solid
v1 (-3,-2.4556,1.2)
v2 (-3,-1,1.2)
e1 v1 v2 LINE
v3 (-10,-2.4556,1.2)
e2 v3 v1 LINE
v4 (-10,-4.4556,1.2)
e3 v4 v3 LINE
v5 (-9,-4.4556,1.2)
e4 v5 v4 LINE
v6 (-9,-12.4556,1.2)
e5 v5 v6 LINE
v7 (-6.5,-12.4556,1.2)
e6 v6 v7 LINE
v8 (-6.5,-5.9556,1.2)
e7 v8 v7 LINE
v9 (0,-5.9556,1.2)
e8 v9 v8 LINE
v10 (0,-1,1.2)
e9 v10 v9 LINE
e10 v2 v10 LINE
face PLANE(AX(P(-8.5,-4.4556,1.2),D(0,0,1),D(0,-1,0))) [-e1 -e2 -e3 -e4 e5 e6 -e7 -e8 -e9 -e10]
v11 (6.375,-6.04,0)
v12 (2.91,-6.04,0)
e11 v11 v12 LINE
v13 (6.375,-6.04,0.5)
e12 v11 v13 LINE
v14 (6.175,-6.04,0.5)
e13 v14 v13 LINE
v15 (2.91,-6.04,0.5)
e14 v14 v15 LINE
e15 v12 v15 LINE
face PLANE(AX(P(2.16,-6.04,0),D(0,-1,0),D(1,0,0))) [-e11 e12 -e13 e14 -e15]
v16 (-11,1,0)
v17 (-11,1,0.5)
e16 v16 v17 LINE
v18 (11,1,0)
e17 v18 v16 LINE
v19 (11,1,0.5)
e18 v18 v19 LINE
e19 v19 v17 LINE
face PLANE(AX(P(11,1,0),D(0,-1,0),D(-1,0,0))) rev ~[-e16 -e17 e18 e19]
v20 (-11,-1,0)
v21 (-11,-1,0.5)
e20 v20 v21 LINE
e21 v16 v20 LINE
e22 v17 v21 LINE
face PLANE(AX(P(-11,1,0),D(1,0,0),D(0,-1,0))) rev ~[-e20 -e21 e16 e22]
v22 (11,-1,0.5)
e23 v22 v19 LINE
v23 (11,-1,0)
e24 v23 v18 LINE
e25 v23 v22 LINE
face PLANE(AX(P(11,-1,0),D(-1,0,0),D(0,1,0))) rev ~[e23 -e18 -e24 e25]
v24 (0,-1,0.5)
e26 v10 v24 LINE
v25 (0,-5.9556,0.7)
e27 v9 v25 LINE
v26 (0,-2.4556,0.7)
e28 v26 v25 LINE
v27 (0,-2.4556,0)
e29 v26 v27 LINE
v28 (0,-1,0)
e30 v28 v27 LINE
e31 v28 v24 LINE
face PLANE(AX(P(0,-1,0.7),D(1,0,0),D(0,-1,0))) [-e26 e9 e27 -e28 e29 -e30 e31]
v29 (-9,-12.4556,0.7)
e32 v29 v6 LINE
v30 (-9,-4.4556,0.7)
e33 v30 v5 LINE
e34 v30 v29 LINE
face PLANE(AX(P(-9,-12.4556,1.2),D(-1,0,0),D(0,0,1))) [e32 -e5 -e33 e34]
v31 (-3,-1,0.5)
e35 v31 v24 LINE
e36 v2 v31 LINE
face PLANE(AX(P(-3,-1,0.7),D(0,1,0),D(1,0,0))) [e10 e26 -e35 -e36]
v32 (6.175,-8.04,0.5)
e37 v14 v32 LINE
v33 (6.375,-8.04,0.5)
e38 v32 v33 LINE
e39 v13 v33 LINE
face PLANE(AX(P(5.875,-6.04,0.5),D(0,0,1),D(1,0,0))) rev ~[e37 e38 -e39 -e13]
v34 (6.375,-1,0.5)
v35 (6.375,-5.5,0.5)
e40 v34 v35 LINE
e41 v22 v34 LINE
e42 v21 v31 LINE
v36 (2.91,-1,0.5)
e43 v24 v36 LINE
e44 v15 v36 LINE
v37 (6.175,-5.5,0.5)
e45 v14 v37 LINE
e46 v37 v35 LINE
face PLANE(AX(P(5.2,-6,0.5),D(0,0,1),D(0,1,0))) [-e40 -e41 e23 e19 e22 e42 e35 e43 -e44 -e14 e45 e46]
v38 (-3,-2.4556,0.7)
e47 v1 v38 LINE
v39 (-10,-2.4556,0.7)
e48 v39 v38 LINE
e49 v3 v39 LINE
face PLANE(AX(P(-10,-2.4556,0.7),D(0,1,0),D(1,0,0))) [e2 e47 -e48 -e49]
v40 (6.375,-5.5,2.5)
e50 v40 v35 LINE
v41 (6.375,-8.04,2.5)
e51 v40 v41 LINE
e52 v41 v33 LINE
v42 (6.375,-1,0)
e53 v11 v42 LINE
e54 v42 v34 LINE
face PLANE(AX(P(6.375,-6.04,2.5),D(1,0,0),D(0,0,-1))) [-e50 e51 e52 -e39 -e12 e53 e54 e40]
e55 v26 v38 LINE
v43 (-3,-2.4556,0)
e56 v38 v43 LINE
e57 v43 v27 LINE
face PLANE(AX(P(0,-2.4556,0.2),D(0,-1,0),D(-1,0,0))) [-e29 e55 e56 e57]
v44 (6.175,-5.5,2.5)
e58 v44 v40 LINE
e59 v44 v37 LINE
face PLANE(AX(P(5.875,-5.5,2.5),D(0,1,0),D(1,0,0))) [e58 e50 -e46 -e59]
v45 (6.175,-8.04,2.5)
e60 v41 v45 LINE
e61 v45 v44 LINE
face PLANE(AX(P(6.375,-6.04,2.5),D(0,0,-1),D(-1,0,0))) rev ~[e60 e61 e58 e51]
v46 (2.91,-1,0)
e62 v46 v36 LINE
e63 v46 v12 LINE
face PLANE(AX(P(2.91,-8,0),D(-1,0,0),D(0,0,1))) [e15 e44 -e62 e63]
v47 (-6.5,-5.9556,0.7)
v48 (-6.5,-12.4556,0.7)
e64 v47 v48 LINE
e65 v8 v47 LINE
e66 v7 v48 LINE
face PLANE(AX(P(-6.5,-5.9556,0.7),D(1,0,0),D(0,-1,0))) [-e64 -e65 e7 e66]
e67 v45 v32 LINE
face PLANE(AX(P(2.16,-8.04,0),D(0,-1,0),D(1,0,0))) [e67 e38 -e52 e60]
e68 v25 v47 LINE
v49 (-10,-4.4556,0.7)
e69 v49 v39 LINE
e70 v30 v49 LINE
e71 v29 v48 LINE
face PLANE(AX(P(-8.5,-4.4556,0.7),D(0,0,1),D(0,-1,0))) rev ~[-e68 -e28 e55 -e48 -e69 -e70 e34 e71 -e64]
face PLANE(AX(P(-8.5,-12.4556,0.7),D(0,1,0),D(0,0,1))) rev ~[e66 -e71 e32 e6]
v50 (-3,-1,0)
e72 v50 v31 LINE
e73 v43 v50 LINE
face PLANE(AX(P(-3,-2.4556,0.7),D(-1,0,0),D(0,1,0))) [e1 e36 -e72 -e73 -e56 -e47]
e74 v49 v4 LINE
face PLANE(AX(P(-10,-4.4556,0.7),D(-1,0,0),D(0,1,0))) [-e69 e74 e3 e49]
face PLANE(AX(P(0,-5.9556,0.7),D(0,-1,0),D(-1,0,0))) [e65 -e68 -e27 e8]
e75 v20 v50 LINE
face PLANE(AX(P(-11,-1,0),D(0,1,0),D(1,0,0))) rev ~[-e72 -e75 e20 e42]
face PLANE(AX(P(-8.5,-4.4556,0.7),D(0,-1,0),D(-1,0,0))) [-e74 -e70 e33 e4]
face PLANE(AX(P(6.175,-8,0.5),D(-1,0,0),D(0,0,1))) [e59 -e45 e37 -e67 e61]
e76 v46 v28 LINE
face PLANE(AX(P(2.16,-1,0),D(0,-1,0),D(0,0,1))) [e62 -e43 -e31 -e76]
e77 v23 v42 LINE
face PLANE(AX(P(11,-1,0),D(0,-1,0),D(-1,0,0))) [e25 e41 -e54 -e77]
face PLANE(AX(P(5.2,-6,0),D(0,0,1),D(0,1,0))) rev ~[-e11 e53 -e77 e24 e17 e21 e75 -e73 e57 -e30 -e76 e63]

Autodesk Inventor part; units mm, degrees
ref_plane "YZ Plane" through (0, 0, 0) normal (1, 0, 0) x (0, 1, 0)
ref_plane "XZ Plane" through (0, 0, 0) normal (0, 1, 0) x (-1, 0, 0)
ref_plane "XY Plane" through (0, 0, 0) normal (0, 0, 1) x (1, 0, 0)
sketch "Sketch1" plane through (0, 0, 0) normal (0, 0, 1) x (1, 0, 0)
  line L0 (11, -1) -> (11, 1)
  line L1 (11, 1) -> (-11, 1)
  line L2 (-11, 1) -> (-11, -1)
  line L3 (-11, -1) -> (11, 1) construction
  line L4 (11, -1) -> (-11, 1) construction
  line L5 (11, -1) -> (5.2, -1)
  line L6 (5.2, -1) -> (5.2, -8)
  line L7 (5.2, -8) -> (2.2, -8)
  line L8 (2.2, -8) -> (2.2, -1)
  line L9 (2.2, -1) -> (0, -1)
  line L10 (-10, -2.4556) -> (-3, -2.4556)
  line L11 (-3, -2.4556) -> (-3, -1)
  line L12 (-11, -1) -> (-3, -1)
  line L13 (0, -1) -> (2.2, -1)
  line L14 (5.2, -1) -> (11, -1)
  line L15 (-10, -2.4556) -> (-10, -4.4556)
  line L16 (-10, -4.4556) -> (-8.5, -4.4556)
  line L17 (-8.5, -4.4556) -> (-8.5, -12.4556)
  line L18 (-8.5, -12.4556) -> (-6.5, -12.4556)
  line L19 (-6.5, -12.4556) -> (-6.5, -4.4556)
  line L20 (-6.5, -4.4556) -> (0, -4.4556)
  line L21 (0, -1) -> (0, -4.4556)
  line L22 (5.2, -8) -> (5.7, -8)
  line L23 (5.7, -8) -> (5.7, -6)
  line L24 (5.7, -6) -> (5.2, -6)
  line L25 (5.2, -6) -> (5.2, -8)
  point P0 (0, 0)
  dimension "d0" = 22
  dimension "d1" = 2
  dimension "d2" = 5.8
  dimension "d3" = 7
  dimension "d4" = 3
  dimension "d5" = 2.2
  dimension "d8" = 7
  dimension "d9" = 2
  dimension "d11" = 8
  dimension "d12" = 2
  dimension "d13" = 0.5
  dimension "d14" = 2
extrude "Extrusion1" add sketch "Sketch1" along normal blind 0.5 contours L5 L6 L7 L8 L9 L21 L20 L19 L18 L17 L16 L15 L10 L11 L12 L2 L1 L0
sketch "Sketch2" plane through (0, 0, 0.5) normal (0, 0, 1) x (1, 0, 0)
  line L0 (5.2, -8) -> (5.2, -1) projected
  line L1 (5.2, -8) -> (5.7, -8)
  line L2 (5.7, -8) -> (5.7, -6)
  line L3 (5.7, -6) -> (5.2, -6)
  line L4 (5.2, -6) -> (5.2, -8)
  point P0 (0, 0)
  point P1 (5.2, -6)
  dimension "d17" = 0.5
  dimension "d18" = 2
extrude "Extrusion2" add sketch "Sketch2" along normal blind 2
sketch "Sketch3" plane through (0, 0, 0.5) normal (0, 0, -1) x (-1, 0, 0)
  line L0 (-5.7, -6) -> (-5.2, -6) projected
  line L1 (-5.7, -8) -> (-5.7, -6) projected
  line L2 (-5.2, -8) -> (-5.7, -8) projected
  line L3 (-5.2, -8) -> (-5.2, -6) projected
  point P0 (0, 0)
extrude "Extrusion3" add sketch "Sketch3" along normal blind 0.5
sketch "Sketch4" plane through (0, 0, 0.5) normal (0, 0, 1) x (1, 0, 0)
  line L0 (11, 1) -> (-11, 1) projected
  line L1 (-11, 1) -> (-11, -1) projected
  line L2 (-11, -1) -> (-3, -1) projected
  line L3 (-3, -1) -> (-3, -2.4556) projected
  line L4 (-3, -2.4556) -> (-10, -2.4556) projected
  line L5 (-10, -2.4556) -> (-10, -4.4556) projected
  line L6 (-10, -4.4556) -> (-8.5, -4.4556) projected
  line L7 (-8.5, -4.4556) -> (-8.5, -12.4556) projected
  line L8 (-8.5, -12.4556) -> (-6.5, -12.4556) projected
  line L9 (-6.5, -12.4556) -> (-6.5, -4.4556) projected
  line L10 (-6.5, -4.4556) -> (0, -4.4556) projected
  line L11 (0, -4.4556) -> (0, -1) projected
  line L12 (0, -1) -> (2.2, -1) projected
  line L13 (2.2, -1) -> (2.2, -8) projected
  line L14 (2.2, -8) -> (5.2, -8) projected
  line L15 (5.2, -8) -> (5.2, -6) projected
  line L16 (5.2, -6) -> (5.2, -1) projected
  line L17 (5.2, -1) -> (11, -1) projected
  line L18 (11, -1) -> (11, 1) projected
  line L19 (-3, -1) -> (-3, -2.4556) projected
  line L20 (0, -1) -> (2.2, -1) projected
  line L21 (-3, -1) -> (0, -1)
  point P0 (0, 0)
extrude "Extrusion4" add sketch "Sketch4" along normal blind 0.7 contours L21 L11 L10 L9 L8 L7 L6 L5 L4 L3
sketch "Sketch5" plane through (0, 0, 0) normal (0, 0, -1) x (-1, 0, 0)
  line L0 (-11, 1) -> (11, 1) projected
  line L1 (-11, -1) -> (-11, 1) projected
  line L2 (-5.2, -1) -> (-11, -1) projected
  line L3 (-5.2, -6) -> (-5.2, -1) projected
  line L4 (-5.2, -6) -> (-5.7, -6) projected
  line L5 (-5.7, -6) -> (-5.7, -8) projected
  line L6 (-2.2, -8) -> (-5.7, -8) projected
  line L7 (-2.2, -1) -> (-2.2, -8) projected
  line L8 (0, -1) -> (-2.2, -1) projected
  line L9 (0, -4.4556) -> (0, -1) projected
  line L10 (6.5, -4.4556) -> (0, -4.4556) projected
  line L11 (6.5, -12.4556) -> (6.5, -4.4556) projected
  line L12 (8.5, -12.4556) -> (6.5, -12.4556) projected
  line L13 (8.5, -4.4556) -> (8.5, -12.4556) projected
  line L14 (10, -4.4556) -> (8.5, -4.4556) projected
  line L15 (10, -2.4556) -> (10, -4.4556) projected
  line L16 (3, -2.4556) -> (10, -2.4556) projected
  line L17 (3, -1) -> (3, -2.4556) projected
  line L18 (11, -1) -> (3, -1) projected
  line L19 (11, 1) -> (11, -1) projected
  line L20 (3, -2.4556) -> (0, -2.4556)
  line L21 (0, -4.4556) -> (0, -1) projected
  point P0 (0, 0)
extrude "Extrusion5" cut sketch "Sketch5" against normal blind 0.5 contours L16 L15 L14 L13 L12 L11 L10 L9 L20
sketch "Sketch6" plane through (-6.5, -4.4556, 1.2) normal (0, -1, 0) x (1, 0, 0)
  line L0 (6.5, -0.7) -> (6.5, 0) projected
  line L1 (0, 0) -> (6.5, 0) projected
  line L2 (6.5, -0.7) -> (0, -0.7)
  line L3 (0, -0.7) -> (0, 0)
  line L4 (0, 0) -> (6.5, 0)
  line L5 (6.5, 0) -> (6.5, -0.7)
  point P0 (6.5, -1.2)
extrude "Extrusion6" add sketch "Sketch6" along normal blind 1.5
sketch "Sketch7" plane through (5.7, -8, 2.5) normal (1, 0, 0) x (0, 0, -1)
  line L0 (0, 2) -> (2.5, 2) projected
  line L1 (0, 0) -> (0, 2) projected
  line L2 (2.5, 0) -> (0, 0) projected
  line L3 (2.5, 2) -> (2.5, 0) projected
  point P0 (2.5, 8)
extrude "Extrusion7" add sketch "Sketch7" along normal blind 0.5
sketch "Sketch8" plane through (5.2, -8, 0.5) normal (-1, 0, 0) x (0, 0, 1)
  line L0 (0, 0) -> (0, 2) projected
  line L1 (0, 0) -> (2, 0) projected
  line L2 (2, 2) -> (2, 0) projected
  line L3 (0, 2) -> (2, 2) projected
  point P0 (-0.5, 8)
extrude "Extrusion8" cut sketch "Sketch8" against normal blind 0.5
sketch "Sketch9" plane through (0, 0, 1.2) normal (0, 0, 1) x (1, 0, 0)
  line L0 (-10, -2.4556) -> (-10, -4.4556) projected
  line L1 (-10, -4.4556) -> (-8.5, -4.4556) projected
  line L2 (-8.5, -4.4556) -> (-8.5, -12.4556) projected
  line L3 (-8.5, -12.4556) -> (-6.5, -12.4556) projected
  line L4 (-6.5, -12.4556) -> (-6.5, -5.9556) projected
  line L5 (0, -5.9556) -> (-6.5, -5.9556) projected
  line L6 (0, -1) -> (0, -5.9556) projected
  line L7 (0, -1) -> (-3, -1) projected
  line L8 (-3, -1) -> (-3, -2.4556) projected
  line L9 (-3, -2.4556) -> (-10, -2.4556) projected
  point P0 (0, 0)
extrude "Extrusion9" cut sketch "Sketch9" against normal blind 0.2
sketch "Sketch10" plane through (0, 0, 0.5) normal (0, 0, -1) x (-1, 0, 0)
  line L0 (6.5, -12.4556) -> (6.5, -5.9556) projected
  line L1 (8.5, -12.4556) -> (6.5, -12.4556) projected
  line L2 (8.5, -4.4556) -> (8.5, -12.4556) projected
  line L3 (10, -4.4556) -> (8.5, -4.4556) projected
  line L4 (10, -2.4556) -> (10, -4.4556) projected
  line L5 (3, -2.4556) -> (10, -2.4556) projected
  line L6 (0, -2.4556) -> (3, -2.4556) projected
  line L7 (0, -5.9556) -> (0, -2.4556) projected
  line L8 (6.5, -5.9556) -> (0, -5.9556) projected
  point P0 (0, 0)
extrude "Extrusion10" add sketch "Sketch10" along normal blind 0.3
sketch "Sketch11" plane through (0, 0, 1) normal (0, 0, 1) x (1, 0, 0)
  line L0 (-3, -2.4556) -> (-3, -1) projected
  line L1 (-10, -2.4556) -> (-3, -2.4556) projected
  line L2 (-10, -4.4556) -> (-10, -2.4556) projected
  line L3 (-8.5, -4.4556) -> (-10, -4.4556) projected
  line L4 (-8.5, -12.4556) -> (-8.5, -4.4556) projected
  line L5 (-6.5, -12.4556) -> (-8.5, -12.4556) projected
  line L6 (-6.5, -5.9556) -> (-6.5, -12.4556) projected
  line L7 (0, -5.9556) -> (-6.5, -5.9556) projected
  line L8 (0, -1) -> (0, -5.9556) projected
  line L9 (-3, -1) -> (0, -1) projected
  point P0 (0, 0)
extrude "Extrusion11" cut sketch "Sketch11" against normal blind 0.3
sketch "Sketch12" plane through (0, 0, 0.7) normal (0, 0, 1) x (1, 0, 0)
  line L0 (-10, -4.4556) -> (-10, -2.4556) projected
  line L1 (-8.5, -4.4556) -> (-10, -4.4556) projected
  line L2 (-8.5, -12.4556) -> (-8.5, -4.4556) projected
  line L3 (-6.5, -12.4556) -> (-8.5, -12.4556) projected
  line L4 (-6.5, -5.9556) -> (-6.5, -12.4556) projected
  line L5 (0, -5.9556) -> (-6.5, -5.9556) projected
  line L6 (0, -1) -> (0, -5.9556) projected
  line L7 (-3, -1) -> (0, -1) projected
  line L8 (-3, -2.4556) -> (-3, -1) projected
  line L9 (-10, -2.4556) -> (-3, -2.4556) projected
  point P0 (0, 0)
extrude "Extrusion12" add sketch "Sketch12" along normal blind 0.5
sketch "Sketch13" plane through (0, 0, 0.2) normal (0, 0, -1) x (-1, 0, 0)
  line L0 (8.5, -12.4556) -> (8.5, -4.4556) projected
  line L1 (8.5, -4.4556) -> (10, -4.4556) projected
  line L2 (10, -4.4556) -> (10, -2.4556) projected
  line L3 (10, -2.4556) -> (3, -2.4556) projected
  line L4 (0, -2.4556) -> (3, -2.4556) projected
  line L5 (0, -2.4556) -> (0, -5.9556) projected
  line L6 (0, -5.9556) -> (6.5, -5.9556) projected
  line L7 (6.5, -5.9556) -> (6.5, -12.4556) projected
  line L8 (6.5, -12.4556) -> (8.5, -12.4556) projected
  point P0 (0, 0)
extrude "Extrusion13" cut sketch "Sketch13" against normal blind 0.5
sketch "Sketch14" plane through (6.2, -8, 2.5) normal (1, 0, 0) x (0, 0, -1)
  line L0 (0, 0) -> (2.5, 0) projected
  line L1 (2.5, 0) -> (2.5, 2) projected
  line L2 (2.5, 2) -> (0, 2) projected
  line L3 (0, 2) -> (0, 0) projected
  point P0 (2.5, 8)
extrude "Extrusion14" add sketch "Sketch14" along normal blind 0.3
sketch "Sketch15" plane through (5.7, -8, 0.5) normal (-1, 0, 0) x (0, 0, 1)
  line L0 (2, 2) -> (2, 0) projected
  line L1 (0, 2) -> (2, 2) projected
  line L2 (0, 0) -> (0, 2) projected
  line L3 (2, 0) -> (0, 0) projected
  point P0 (-0.5, 8)
extrude "Extrusion15" cut sketch "Sketch15" against normal blind 0.3
sketch "Sketch16" plane through (2.2, -8, 0) normal (-1, 0, 0) x (0, 0, 1)
  line L0 (0, 7) -> (0, 0) projected
  line L1 (0, 0) -> (0.5, 0) projected
  line L2 (0.5, 7) -> (0.5, 0) projected
  line L3 (0, 7) -> (0.5, 7) projected
  point P0 (0, 8)
extrude "Extrusion16" add sketch "Sketch16" along normal blind 0.04
sketch "Sketch17" plane through (6, -8, 0.5) normal (-1, 0, 0) x (0, 0, 1)
  line L0 (0, 0) -> (0, 2) projected
  line L1 (2, 0) -> (0, 0) projected
  line L2 (2, 2) -> (2, 0) projected
  line L3 (0, 2) -> (2, 2) projected
  point P0 (-0.5, 8)
extrude "Extrusion17" add sketch "Sketch17" along normal blind 0.125
sketch "Sketch18" plane through (6.5, -8, 2.5) normal (1, 0, 0) x (0, 0, -1)
  line L0 (2.5, 0) -> (2.5, 2) projected
  line L1 (2.5, 2) -> (0, 2) projected
  line L2 (0, 2) -> (0, 0) projected
  line L3 (0, 0) -> (2.5, 0) projected
  point P0 (2.5, 8)
extrude "Extrusion18" cut sketch "Sketch18" against normal blind 0.125
sketch "Sketch19" plane through (5.2, -1, 0.5) normal (1, 0, 0) x (0, 0, -1)
  line L0 (0, -5) -> (0.5, -5) projected
  line L1 (0.5, -5) -> (0.5, 0) projected
  line L2 (0.5, 0) -> (0, 0) projected
  line L3 (0, -5) -> (0, 0) projected
  point P0 (0.5, 1)
extrude "Extrusion19" add sketch "Sketch19" along normal blind 1.175
sketch "Sketch20" plane through (5.875, -6, 2.5) normal (0, 1, 0) x (1, 0, 0)
  line L0 (0.5, 2) -> (0, 2) projected
  line L1 (0, 0) -> (0, 2) projected
  line L2 (0, 0) -> (0.5, 0) projected
  line L3 (0.5, 0) -> (0.5, 2) projected
  point P0 (-5.875, 2.5)
extrude "Extrusion20" add sketch "Sketch20" along normal blind 2
sketch "Sketch21" plane through (2.16, -8, 0) normal (0, -1, 0) x (1, 0, 0)
  line L0 (4.215, 0) -> (4.215, 2.5) projected
  line L1 (3.715, 2.5) -> (4.215, 2.5) projected
  line L2 (3.715, 0.5) -> (3.715, 2.5) projected
  line L3 (3.715, 0.5) -> (0, 0.5) projected
  line L4 (0, 0) -> (0, 0.5) projected
  line L5 (4.215, 0) -> (0, 0) projected
  point P0 (-2.16, 0)
extrude "Extrusion21" cut sketch "Sketch21" against normal blind 1.96
sketch "Sketch22" plane through (5.875, -4, 2.5) normal (0, 1, 0) x (1, 0, 0)
  line L0 (0.5, 0) -> (0.5, 2) projected
  line L1 (0, 2) -> (0.5, 2) projected
  line L2 (0, 2) -> (0, 0) projected
  line L3 (0, 0) -> (0.5, 0) projected
  point P0 (-5.875, 2.5)
extrude "Extrusion22" cut sketch "Sketch22" against normal blind 1.5
sketch "Sketch23" plane through (2.16, -6.04, 0) normal (0, -1, 0) x (1, 0, 0)
  line L0 (0, 0.5) -> (3.715, 0.5) projected
  line L1 (4.215, 2.5) -> (4.215, 0) projected
  line L2 (3.715, 0.5) -> (4.215, 0.5)
  line L3 (4.215, 0.5) -> (4.215, 2.5)
  line L4 (4.215, 2.5) -> (3.715, 2.5)
  line L5 (3.715, 2.5) -> (3.715, 0.5)
  point P0 (-2.16, 0)
extrude "Extrusion23" add sketch "Sketch23" along normal blind 2
sketch "Sketch24" plane through (2.16, -8, 0) normal (-1, 0, 0) x (0, 0, 1)
  line L0 (0, 1.96) -> (0.5, 1.96) projected
  line L1 (0.5, 1.96) -> (0.5, 7) projected
  line L2 (0, 7) -> (0.5, 7) projected
  line L3 (0, 7) -> (0, 1.96) projected
  point P0 (0, 8)
extrude "Extrusion24" cut sketch "Sketch24" against normal blind 0.75
sketch "Sketch25" plane through (5.875, -8, 0.5) normal (-1, 0, 0) x (0, 0, 1)
  line L0 (2, 2.5) -> (0, 2.5) projected
  line L1 (0, 1.96) -> (0, 2.5) projected
  line L2 (0, 1.96) -> (0, -0.04) projected
  line L3 (2, -0.04) -> (0, -0.04) projected
  line L4 (2, -0.04) -> (2, 2.5) projected
  point P0 (-0.5, 8)
extrude "Extrusion25" cut sketch "Sketch25" against normal blind 0.3
sketch "Sketch26" plane through (-8.5, -12.4556, 1.2) normal (-1, 0, 0) x (0, 0, 1)
  line L0 (-0.5, 8) -> (-0.5, 0) projected
  line L1 (-0.5, 0) -> (0, 0) projected
  line L2 (0, 8) -> (0, 0) projected
  line L3 (-0.5, 8) -> (0, 8) projected
  point P0 (-1.2, 12.4556)
extrude "Extrusion26" add sketch "Sketch26" along normal blind 0.5
properties part number "TerminalR"
